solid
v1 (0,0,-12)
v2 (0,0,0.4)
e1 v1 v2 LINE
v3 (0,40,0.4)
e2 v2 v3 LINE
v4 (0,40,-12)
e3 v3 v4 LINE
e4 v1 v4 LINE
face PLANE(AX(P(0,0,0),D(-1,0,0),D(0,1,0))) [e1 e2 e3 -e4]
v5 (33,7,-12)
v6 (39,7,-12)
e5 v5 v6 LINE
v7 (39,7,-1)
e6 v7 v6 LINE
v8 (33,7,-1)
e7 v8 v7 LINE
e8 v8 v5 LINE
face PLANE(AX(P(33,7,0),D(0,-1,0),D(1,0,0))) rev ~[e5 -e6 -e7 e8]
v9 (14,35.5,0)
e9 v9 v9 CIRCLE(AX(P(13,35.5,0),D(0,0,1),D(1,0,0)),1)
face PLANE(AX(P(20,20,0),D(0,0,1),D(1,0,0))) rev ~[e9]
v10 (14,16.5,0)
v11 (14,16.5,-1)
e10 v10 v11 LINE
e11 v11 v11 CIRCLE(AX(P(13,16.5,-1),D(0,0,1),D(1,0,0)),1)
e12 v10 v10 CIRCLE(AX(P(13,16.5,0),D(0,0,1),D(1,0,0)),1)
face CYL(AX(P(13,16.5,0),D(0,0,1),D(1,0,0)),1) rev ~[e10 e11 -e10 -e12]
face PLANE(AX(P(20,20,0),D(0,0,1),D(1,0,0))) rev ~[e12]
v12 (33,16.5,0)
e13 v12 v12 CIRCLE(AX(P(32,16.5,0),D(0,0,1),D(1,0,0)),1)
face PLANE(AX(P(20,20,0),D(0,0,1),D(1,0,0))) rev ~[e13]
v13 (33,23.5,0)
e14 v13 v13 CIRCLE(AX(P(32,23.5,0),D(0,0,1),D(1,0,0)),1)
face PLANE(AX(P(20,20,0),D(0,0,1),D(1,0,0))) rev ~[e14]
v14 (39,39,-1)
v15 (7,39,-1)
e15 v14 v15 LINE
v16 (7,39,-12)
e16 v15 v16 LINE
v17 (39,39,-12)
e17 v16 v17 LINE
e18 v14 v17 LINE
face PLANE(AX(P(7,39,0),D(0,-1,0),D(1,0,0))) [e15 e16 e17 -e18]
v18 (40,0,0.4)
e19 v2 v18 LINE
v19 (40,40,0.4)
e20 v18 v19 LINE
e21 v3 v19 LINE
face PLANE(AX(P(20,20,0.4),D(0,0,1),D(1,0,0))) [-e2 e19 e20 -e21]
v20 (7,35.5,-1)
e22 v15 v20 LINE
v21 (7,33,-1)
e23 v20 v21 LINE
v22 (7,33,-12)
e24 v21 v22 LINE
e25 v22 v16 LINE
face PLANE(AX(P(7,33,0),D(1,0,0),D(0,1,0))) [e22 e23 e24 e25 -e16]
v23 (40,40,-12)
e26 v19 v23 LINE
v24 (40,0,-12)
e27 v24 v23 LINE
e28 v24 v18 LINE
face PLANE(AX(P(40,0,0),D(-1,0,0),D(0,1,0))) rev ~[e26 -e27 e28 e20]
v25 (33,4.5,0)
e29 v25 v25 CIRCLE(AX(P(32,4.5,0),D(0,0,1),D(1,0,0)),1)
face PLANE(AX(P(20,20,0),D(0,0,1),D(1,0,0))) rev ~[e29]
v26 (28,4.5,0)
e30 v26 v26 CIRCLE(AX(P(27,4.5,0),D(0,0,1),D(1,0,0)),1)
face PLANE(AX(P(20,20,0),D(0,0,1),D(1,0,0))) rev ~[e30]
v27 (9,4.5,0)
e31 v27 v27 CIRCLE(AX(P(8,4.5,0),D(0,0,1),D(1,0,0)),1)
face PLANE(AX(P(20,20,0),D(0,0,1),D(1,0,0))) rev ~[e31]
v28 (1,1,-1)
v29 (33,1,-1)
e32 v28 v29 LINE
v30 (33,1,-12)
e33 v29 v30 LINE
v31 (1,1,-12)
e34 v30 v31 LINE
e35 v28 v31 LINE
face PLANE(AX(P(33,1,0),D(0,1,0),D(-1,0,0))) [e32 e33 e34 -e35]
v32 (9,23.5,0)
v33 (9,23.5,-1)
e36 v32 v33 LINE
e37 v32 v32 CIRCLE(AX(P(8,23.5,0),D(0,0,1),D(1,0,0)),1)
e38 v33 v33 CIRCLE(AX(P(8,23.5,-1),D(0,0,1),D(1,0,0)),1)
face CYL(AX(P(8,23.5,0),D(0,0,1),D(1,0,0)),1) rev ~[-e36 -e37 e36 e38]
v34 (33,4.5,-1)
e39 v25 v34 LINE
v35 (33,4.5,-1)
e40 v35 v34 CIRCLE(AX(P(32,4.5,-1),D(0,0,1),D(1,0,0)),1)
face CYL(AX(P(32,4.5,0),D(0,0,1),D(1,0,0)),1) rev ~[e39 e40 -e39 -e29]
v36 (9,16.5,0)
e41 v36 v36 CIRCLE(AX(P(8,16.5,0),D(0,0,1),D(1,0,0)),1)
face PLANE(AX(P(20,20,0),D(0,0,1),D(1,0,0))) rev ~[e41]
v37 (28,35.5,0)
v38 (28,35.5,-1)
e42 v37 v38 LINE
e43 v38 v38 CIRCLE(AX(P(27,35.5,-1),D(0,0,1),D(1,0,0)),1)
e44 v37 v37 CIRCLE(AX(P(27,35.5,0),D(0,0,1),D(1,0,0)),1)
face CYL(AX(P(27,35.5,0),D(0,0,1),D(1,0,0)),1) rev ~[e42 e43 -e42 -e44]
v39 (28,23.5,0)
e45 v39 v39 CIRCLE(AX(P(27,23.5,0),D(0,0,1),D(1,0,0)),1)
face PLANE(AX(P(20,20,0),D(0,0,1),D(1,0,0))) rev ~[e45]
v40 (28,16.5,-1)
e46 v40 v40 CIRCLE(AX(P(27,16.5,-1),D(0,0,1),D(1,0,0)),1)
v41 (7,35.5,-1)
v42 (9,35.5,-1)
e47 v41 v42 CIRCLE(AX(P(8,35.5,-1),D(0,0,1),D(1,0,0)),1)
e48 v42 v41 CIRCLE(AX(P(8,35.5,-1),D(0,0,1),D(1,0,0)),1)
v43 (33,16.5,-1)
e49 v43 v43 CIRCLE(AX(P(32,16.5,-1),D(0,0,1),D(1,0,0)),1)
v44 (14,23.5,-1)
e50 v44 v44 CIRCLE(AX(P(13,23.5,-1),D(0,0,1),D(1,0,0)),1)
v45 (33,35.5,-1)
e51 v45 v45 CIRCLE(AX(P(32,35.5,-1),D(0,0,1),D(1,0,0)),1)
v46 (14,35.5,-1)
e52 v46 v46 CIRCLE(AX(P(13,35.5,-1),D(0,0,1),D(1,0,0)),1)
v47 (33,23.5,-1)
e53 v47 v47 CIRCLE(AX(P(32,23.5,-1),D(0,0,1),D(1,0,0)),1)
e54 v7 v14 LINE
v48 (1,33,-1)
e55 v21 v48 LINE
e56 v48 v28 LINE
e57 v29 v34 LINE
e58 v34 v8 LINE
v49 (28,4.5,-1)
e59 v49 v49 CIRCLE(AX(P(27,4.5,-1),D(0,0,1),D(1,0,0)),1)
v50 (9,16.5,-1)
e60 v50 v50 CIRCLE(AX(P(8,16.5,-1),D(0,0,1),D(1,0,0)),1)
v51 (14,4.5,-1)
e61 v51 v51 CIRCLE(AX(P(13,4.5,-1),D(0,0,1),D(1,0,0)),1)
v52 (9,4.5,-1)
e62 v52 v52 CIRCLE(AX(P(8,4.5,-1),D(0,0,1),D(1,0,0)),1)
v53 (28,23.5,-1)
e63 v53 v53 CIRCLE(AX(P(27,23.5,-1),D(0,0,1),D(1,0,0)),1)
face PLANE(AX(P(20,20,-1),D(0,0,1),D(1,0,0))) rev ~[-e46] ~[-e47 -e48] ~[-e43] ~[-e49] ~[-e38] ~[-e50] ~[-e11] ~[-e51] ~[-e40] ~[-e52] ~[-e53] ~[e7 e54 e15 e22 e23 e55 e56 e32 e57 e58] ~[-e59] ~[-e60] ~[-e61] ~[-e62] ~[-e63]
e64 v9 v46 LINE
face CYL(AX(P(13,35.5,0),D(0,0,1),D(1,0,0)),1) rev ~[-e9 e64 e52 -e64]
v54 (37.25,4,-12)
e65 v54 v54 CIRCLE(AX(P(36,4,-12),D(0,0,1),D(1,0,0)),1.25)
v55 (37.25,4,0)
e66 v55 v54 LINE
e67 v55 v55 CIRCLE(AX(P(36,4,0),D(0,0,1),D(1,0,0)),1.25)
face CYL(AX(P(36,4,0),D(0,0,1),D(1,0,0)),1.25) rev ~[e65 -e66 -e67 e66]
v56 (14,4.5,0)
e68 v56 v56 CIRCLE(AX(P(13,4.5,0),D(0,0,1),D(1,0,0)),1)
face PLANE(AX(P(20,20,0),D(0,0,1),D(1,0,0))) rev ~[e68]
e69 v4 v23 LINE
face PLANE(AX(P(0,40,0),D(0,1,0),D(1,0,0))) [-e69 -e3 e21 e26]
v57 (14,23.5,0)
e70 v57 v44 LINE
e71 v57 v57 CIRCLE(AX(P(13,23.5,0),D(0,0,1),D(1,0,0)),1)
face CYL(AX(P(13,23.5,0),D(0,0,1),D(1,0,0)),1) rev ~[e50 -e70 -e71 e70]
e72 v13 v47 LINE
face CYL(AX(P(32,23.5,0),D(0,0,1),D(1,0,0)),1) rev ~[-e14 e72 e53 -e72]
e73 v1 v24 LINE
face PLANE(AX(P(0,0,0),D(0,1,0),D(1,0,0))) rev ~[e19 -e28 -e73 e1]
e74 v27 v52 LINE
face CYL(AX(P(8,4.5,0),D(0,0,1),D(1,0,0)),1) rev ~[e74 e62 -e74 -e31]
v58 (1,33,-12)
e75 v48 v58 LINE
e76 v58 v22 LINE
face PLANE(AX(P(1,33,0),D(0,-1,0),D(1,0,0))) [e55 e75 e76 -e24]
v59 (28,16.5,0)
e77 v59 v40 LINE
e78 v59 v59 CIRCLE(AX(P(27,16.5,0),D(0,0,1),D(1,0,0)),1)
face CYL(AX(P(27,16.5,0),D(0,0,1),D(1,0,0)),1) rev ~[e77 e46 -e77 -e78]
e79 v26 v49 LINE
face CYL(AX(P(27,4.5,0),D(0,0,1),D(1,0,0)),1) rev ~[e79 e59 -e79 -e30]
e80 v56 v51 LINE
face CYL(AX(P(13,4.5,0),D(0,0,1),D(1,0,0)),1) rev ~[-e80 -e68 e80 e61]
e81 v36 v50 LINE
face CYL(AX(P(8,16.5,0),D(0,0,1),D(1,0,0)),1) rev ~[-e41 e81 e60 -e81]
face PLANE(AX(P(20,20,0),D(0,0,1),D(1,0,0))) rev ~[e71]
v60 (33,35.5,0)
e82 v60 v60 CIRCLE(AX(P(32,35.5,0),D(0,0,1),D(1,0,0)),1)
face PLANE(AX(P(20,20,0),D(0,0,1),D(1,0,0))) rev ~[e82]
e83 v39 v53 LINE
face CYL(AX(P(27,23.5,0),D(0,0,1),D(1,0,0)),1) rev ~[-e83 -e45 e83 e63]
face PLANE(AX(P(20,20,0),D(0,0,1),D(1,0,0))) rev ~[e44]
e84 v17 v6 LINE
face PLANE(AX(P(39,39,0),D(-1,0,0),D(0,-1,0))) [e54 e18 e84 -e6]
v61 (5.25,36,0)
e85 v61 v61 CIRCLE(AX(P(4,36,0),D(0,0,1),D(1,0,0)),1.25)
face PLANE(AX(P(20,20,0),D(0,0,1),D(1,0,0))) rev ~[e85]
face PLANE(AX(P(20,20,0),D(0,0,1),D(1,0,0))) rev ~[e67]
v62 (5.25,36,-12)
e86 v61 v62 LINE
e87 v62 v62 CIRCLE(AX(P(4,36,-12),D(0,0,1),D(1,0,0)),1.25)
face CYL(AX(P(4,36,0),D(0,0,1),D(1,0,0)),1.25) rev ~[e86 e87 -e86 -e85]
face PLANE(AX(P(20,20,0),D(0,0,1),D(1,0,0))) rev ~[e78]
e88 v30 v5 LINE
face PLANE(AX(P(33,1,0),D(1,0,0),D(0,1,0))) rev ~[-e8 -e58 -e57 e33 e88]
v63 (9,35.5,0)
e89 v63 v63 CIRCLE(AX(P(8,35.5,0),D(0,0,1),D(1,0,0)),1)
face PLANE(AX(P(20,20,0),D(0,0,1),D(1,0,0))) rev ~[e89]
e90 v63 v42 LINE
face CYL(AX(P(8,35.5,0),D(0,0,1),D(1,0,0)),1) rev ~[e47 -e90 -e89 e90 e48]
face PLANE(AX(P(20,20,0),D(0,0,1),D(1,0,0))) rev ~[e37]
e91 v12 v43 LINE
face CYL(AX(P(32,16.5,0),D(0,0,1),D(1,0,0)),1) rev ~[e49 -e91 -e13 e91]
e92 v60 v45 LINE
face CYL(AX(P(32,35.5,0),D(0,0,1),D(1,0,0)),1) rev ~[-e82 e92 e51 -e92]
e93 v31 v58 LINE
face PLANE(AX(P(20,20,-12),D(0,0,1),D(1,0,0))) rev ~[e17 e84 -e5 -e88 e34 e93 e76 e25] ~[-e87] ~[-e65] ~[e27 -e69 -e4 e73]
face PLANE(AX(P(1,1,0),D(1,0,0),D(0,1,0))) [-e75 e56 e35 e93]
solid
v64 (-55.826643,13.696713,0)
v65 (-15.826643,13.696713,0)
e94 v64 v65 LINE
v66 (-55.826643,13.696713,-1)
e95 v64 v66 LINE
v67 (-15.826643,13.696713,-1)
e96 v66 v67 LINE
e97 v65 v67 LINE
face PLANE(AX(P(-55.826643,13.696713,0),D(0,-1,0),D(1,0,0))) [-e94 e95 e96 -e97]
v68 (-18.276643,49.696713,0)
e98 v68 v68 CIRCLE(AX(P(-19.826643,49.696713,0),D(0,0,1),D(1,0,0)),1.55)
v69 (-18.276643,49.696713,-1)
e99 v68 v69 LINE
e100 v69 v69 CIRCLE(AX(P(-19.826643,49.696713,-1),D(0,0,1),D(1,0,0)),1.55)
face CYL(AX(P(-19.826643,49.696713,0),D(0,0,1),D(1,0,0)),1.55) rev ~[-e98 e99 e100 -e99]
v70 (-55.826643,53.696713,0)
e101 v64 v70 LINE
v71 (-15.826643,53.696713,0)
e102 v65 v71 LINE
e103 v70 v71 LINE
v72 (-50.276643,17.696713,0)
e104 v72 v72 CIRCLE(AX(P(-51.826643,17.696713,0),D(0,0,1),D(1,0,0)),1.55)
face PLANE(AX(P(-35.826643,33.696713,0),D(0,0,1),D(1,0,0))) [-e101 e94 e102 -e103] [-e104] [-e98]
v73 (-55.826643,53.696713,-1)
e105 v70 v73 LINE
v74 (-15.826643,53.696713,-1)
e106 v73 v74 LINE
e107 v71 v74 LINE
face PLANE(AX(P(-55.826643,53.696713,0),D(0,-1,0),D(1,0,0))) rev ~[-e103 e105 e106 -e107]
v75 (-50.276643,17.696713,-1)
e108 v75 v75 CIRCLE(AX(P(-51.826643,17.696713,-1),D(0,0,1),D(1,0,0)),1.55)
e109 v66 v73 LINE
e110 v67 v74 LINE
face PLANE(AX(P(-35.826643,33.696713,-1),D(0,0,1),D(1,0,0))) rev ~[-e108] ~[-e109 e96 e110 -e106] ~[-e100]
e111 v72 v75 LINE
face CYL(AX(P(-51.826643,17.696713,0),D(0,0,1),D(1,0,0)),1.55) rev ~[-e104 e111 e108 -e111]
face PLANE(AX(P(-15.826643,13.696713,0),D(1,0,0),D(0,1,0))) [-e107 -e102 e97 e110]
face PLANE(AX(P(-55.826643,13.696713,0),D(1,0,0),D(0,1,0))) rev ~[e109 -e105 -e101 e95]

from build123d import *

# Parameters (mm, degrees)
F0_W     = 40
F0_H     = 40
F0_W_2   = 6
F0_H_2   = 6
F2_DEPTH = 12
F3_DEPTH = 1
F1_R     = 1
F4_DEPTH = 2
F5_R     = 1.25
F6_DEPTH = 25
F7_DEPTH = 0.4
F8_W     = 40
F8_H     = 40
F8_R     = 1.55
F9_DEPTH = 1


with BuildPart() as f2:
    # F0 (on Top) → F2 (new body)
    with BuildSketch(Plane.XY):
        with Locations((20, 20)):
            Rectangle(F0_W, F0_H)
        Polygon((33, 1), (1, 1), (1, 33), (1, 39), (7, 39), (39, 39), (39, 7), (39, 1), align=None, mode=Mode.SUBTRACT)
        with Locations((36, 4)):
            Rectangle(F0_W_2, F0_H_2)
        with Locations((4, 36)):
            Rectangle(F0_W_2, F0_H_2)
    extrude(amount=-F2_DEPTH)

    # F0 (on Top) → F3 (join)
    with BuildSketch(Plane.XY):
        Polygon((1, 33), (1, 1), (33, 1), (33, 7), (39, 7), (39, 39), (7, 39), (7, 33), align=None)
    extrude(amount=-F3_DEPTH)

    # F1 (on Top) → F4 (cut)
    with BuildSketch(Plane.XY):
        with Locations((8, 16.5)):
            Circle(F1_R)
        with Locations((13, 16.5)):
            Circle(F1_R)
        with Locations((8, 4.5)):
            Circle(F1_R)
        with Locations((13, 4.5)):
            Circle(F1_R)
        with Locations((8, 35.5)):
            Circle(F1_R)
        with Locations((13, 35.5)):
            Circle(F1_R)
        with Locations((8, 23.5)):
            Circle(F1_R)
        with Locations((13, 23.5)):
            Circle(F1_R)
        with Locations((27, 35.5)):
            Circle(F1_R)
        with Locations((32, 35.5)):
            Circle(F1_R)
        with Locations((27, 23.5)):
            Circle(F1_R)
        with Locations((32, 23.5)):
            Circle(F1_R)
        with Locations((27, 16.5)):
            Circle(F1_R)
        with Locations((32, 16.5)):
            Circle(F1_R)
        with Locations((27, 4.5)):
            Circle(F1_R)
        with Locations((32, 4.5)):
            Circle(F1_R)
    extrude(amount=-F4_DEPTH, mode=Mode.SUBTRACT)

    # F5 (on face) → F6 (cut)
    with BuildSketch(Plane.XY):
        with Locations((36, 4)):
            Circle(F5_R)
        with Locations((4, 36)):
            Circle(F5_R)
    extrude(amount=-F6_DEPTH, mode=Mode.SUBTRACT)

    # F0 (on Top) → F7 (join)
    with BuildSketch(Plane.XY):
        with Locations((20, 20)):
            Rectangle(F0_W, F0_H)
        Polygon((33, 1), (1, 1), (1, 33), (1, 39), (7, 39), (39, 39), (39, 7), (39, 1), align=None, mode=Mode.SUBTRACT)
        Polygon((1, 33), (1, 1), (33, 1), (33, 7), (39, 7), (39, 39), (7, 39), (7, 33), align=None)
        with Locations((36, 4)):
            Rectangle(F0_W_2, F0_H_2)
        with Locations((4, 36)):
            Rectangle(F0_W_2, F0_H_2)
    extrude(amount=F7_DEPTH)


with BuildPart() as f9:
    # F8 (on Top) → F9 (new body)
    with BuildSketch(Plane.XY):
        with Locations((-35.826643, 33.696713)):
            Rectangle(F8_W, F8_H)
        with Locations((-51.826643, 17.696713)):
            Circle(F8_R, mode=Mode.SUBTRACT)
        with Locations((-19.826643, 49.696713)):
            Circle(F8_R, mode=Mode.SUBTRACT)
    extrude(amount=-F9_DEPTH)


solid = Compound([f2.part, f9.part])
